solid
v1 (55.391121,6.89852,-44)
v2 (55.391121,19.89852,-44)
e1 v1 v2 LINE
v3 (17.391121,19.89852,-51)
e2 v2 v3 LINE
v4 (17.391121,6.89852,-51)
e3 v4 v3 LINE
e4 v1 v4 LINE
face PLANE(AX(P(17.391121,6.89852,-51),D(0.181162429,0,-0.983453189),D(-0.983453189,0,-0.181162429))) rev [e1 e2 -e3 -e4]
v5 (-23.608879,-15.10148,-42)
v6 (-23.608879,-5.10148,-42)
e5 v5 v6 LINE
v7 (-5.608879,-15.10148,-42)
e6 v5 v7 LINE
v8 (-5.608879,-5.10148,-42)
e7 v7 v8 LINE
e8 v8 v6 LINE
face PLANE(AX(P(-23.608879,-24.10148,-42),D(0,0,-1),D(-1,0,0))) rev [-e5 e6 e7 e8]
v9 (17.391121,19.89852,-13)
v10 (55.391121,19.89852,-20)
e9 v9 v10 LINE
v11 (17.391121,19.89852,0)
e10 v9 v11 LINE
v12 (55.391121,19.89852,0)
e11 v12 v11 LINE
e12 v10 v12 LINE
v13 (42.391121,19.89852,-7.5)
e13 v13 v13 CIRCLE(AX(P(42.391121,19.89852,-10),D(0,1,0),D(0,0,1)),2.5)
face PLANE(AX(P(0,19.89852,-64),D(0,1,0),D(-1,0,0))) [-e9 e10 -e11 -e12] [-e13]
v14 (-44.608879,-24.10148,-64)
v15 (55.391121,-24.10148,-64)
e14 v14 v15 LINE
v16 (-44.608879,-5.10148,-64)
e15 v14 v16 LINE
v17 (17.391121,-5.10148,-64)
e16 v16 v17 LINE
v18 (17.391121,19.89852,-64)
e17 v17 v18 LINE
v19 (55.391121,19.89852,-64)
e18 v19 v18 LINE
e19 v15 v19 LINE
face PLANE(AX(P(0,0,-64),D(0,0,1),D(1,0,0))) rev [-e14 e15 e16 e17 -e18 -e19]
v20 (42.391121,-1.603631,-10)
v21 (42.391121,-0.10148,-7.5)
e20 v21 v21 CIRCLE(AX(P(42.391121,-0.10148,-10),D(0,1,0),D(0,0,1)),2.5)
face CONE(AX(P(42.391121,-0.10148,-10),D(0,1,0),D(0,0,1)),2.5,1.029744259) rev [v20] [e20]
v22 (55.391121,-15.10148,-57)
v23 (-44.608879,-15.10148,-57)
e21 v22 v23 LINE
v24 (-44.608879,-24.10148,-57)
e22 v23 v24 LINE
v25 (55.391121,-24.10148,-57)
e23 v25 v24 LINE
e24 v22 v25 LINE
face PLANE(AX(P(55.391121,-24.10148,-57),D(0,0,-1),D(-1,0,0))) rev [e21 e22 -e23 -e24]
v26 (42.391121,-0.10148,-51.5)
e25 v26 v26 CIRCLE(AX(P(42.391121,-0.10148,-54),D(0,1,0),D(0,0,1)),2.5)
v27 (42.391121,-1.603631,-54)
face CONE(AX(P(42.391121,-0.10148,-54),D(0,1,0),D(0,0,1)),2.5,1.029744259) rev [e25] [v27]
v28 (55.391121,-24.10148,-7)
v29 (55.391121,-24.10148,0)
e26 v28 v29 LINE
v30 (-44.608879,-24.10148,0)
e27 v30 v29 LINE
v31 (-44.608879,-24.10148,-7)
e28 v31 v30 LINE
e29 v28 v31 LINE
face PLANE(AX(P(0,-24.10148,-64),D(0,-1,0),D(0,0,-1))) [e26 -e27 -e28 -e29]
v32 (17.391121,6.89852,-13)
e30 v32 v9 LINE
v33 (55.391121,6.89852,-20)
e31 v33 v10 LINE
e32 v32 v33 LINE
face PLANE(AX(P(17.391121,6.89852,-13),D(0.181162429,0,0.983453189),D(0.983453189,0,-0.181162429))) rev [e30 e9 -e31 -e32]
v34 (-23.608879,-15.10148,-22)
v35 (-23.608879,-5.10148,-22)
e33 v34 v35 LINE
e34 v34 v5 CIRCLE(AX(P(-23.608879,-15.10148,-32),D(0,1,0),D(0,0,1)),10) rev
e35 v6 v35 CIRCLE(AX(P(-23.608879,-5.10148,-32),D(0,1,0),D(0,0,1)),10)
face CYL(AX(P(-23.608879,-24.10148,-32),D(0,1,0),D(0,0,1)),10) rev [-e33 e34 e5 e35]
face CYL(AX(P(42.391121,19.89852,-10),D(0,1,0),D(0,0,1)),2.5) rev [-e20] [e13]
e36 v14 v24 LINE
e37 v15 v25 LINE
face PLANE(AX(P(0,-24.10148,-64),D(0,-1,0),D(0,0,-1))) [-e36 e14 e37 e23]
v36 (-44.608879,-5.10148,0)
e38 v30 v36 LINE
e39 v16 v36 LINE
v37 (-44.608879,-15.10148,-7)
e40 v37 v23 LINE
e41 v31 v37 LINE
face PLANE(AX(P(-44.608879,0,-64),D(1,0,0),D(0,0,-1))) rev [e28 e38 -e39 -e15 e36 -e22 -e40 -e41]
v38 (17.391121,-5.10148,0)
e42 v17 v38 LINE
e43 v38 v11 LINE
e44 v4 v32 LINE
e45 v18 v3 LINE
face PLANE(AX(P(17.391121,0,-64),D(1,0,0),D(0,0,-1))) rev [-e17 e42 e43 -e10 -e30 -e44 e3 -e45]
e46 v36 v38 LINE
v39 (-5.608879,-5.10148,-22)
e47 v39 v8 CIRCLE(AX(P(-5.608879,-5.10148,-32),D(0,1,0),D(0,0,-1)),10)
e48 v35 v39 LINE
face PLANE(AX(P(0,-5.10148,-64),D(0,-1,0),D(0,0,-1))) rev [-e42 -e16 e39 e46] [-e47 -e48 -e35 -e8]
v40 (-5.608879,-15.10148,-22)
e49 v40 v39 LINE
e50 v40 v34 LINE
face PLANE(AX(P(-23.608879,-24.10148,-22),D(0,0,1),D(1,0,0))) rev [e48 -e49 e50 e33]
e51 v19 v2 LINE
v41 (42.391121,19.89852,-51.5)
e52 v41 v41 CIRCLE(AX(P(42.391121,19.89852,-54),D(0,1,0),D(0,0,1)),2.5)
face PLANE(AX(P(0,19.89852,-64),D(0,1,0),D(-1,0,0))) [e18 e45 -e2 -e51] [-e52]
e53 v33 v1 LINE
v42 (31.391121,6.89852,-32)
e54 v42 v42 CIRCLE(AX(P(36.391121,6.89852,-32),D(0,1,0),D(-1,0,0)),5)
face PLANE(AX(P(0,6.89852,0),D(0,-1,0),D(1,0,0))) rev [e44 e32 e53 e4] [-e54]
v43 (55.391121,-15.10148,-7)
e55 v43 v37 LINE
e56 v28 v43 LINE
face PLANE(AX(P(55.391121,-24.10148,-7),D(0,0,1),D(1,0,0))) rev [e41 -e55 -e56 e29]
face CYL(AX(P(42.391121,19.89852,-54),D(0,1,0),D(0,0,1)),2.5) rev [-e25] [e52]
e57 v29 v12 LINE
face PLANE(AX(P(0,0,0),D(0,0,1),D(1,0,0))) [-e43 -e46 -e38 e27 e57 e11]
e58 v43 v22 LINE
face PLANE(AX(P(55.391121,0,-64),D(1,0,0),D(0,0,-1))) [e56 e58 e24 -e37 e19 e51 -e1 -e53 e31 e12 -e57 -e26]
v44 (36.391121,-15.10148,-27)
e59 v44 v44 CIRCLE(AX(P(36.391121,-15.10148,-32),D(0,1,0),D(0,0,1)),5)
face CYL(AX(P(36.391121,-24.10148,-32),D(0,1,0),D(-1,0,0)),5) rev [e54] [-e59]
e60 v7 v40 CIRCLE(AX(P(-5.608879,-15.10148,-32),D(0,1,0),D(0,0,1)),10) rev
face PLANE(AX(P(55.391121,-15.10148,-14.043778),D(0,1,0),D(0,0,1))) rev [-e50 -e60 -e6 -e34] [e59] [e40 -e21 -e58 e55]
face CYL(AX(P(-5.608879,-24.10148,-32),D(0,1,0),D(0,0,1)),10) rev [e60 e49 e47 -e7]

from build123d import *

# Parameters (mm, degrees)
SKETCH1_W                   = 100
SKETCH1_H                   = 19
SKETCH1_W_2                 = 38
SKETCH1_H_2                 = 25
BOSS_EXTRUDE1_DEPTH         = 64
CUT_EXTRUDE1_DEPTH          = 13
CUT_EXTRUDE2_DEPTH          = 20
CUT_EXTRUDE3_DEPTH          = 101
TAP_DRILL_FOR_M6_TAP1_D     = 5
TAP_DRILL_FOR_M6_TAP1_DEPTH = 20
TAP_DRILL_FOR_M6_TAP1_TIP   = 1.502151548
SKETCH9_R                   = 5
CUT_EXTRUDE4_DEPTH          = 32


with BuildPart() as part:
    # Sketch1 → Boss-Extrude1 (new body)
    with BuildSketch(Plane.XY):
        with Locations((5.391120507, -14.601479915)):
            Rectangle(SKETCH1_W, SKETCH1_H)
        with Locations((36.391120507, 7.398520085)):
            Rectangle(SKETCH1_W_2, SKETCH1_H_2)
    extrude(amount=-BOSS_EXTRUDE1_DEPTH)

    # Sketch2 → Cut-Extrude1 (cut)
    with BuildSketch(Plane(origin=(0, 19.898520085, 0), x_dir=(1, 0, 0), z_dir=(0, 1, 0))):
        Polygon((55.391120507, 44), (55.391120507, 20), (17.391120507, 13), (17.391120507, 51), align=None)
    extrude(amount=-CUT_EXTRUDE1_DEPTH, mode=Mode.SUBTRACT)

    # Sketch3 → Cut-Extrude2 (cut, through all)
    with BuildSketch(Plane(origin=(0, -5.101479915, 0), x_dir=(1, 0, 0), z_dir=(0, 1, 0))):
        with BuildLine():
            Line((-23.608879493, 42), (-5.608879493, 42))
            ThreePointArc((-5.608879493, 42), (4.391120507, 32), (-5.608879493, 22))
            Line((-5.608879493, 22), (-23.608879493, 22))
            ThreePointArc((-23.608879493, 22), (-33.608879493, 32), (-23.608879493, 42))
        make_face()
    extrude(amount=-CUT_EXTRUDE2_DEPTH, mode=Mode.SUBTRACT)

    # Sketch5 → Cut-Extrude3 (cut, through all)
    with BuildSketch(Plane.ZY.offset(44.608879493)):
        Polygon((-14.043777718, -15.101479915), (-7, -15.101479915), (-7, -24.101479915), (-57, -24.101479915), (-57, -15.101479915), (-52.287609929, -15.101479915), align=None)
    extrude(amount=-CUT_EXTRUDE3_DEPTH, mode=Mode.SUBTRACT)

    # Tap Drill for M6 Tap1
    with Locations(Plane(origin=(0, 19.898520085, 0), x_dir=(1, 0, 0), z_dir=(0, 1, 0))):
        with Locations((42.391120507, 54), (42.391120507, 10)):
            Hole(TAP_DRILL_FOR_M6_TAP1_D / 2, depth=TAP_DRILL_FOR_M6_TAP1_DEPTH)
            with Locations((0, 0, -(TAP_DRILL_FOR_M6_TAP1_DEPTH + TAP_DRILL_FOR_M6_TAP1_TIP / 2))):  # 118° drill point
                Cone(0, TAP_DRILL_FOR_M6_TAP1_D / 2, TAP_DRILL_FOR_M6_TAP1_TIP, mode=Mode.SUBTRACT)

    # Sketch9 → Cut-Extrude4 (cut, through all)
    with BuildSketch(Plane(origin=(0, 6.898520085, 0), x_dir=(1, 0, 0), z_dir=(0, 1, 0))):
        with Locations((36.391120507, 32)):
            Circle(SKETCH9_R)
    extrude(amount=-CUT_EXTRUDE4_DEPTH, mode=Mode.SUBTRACT)


solid = part.part
